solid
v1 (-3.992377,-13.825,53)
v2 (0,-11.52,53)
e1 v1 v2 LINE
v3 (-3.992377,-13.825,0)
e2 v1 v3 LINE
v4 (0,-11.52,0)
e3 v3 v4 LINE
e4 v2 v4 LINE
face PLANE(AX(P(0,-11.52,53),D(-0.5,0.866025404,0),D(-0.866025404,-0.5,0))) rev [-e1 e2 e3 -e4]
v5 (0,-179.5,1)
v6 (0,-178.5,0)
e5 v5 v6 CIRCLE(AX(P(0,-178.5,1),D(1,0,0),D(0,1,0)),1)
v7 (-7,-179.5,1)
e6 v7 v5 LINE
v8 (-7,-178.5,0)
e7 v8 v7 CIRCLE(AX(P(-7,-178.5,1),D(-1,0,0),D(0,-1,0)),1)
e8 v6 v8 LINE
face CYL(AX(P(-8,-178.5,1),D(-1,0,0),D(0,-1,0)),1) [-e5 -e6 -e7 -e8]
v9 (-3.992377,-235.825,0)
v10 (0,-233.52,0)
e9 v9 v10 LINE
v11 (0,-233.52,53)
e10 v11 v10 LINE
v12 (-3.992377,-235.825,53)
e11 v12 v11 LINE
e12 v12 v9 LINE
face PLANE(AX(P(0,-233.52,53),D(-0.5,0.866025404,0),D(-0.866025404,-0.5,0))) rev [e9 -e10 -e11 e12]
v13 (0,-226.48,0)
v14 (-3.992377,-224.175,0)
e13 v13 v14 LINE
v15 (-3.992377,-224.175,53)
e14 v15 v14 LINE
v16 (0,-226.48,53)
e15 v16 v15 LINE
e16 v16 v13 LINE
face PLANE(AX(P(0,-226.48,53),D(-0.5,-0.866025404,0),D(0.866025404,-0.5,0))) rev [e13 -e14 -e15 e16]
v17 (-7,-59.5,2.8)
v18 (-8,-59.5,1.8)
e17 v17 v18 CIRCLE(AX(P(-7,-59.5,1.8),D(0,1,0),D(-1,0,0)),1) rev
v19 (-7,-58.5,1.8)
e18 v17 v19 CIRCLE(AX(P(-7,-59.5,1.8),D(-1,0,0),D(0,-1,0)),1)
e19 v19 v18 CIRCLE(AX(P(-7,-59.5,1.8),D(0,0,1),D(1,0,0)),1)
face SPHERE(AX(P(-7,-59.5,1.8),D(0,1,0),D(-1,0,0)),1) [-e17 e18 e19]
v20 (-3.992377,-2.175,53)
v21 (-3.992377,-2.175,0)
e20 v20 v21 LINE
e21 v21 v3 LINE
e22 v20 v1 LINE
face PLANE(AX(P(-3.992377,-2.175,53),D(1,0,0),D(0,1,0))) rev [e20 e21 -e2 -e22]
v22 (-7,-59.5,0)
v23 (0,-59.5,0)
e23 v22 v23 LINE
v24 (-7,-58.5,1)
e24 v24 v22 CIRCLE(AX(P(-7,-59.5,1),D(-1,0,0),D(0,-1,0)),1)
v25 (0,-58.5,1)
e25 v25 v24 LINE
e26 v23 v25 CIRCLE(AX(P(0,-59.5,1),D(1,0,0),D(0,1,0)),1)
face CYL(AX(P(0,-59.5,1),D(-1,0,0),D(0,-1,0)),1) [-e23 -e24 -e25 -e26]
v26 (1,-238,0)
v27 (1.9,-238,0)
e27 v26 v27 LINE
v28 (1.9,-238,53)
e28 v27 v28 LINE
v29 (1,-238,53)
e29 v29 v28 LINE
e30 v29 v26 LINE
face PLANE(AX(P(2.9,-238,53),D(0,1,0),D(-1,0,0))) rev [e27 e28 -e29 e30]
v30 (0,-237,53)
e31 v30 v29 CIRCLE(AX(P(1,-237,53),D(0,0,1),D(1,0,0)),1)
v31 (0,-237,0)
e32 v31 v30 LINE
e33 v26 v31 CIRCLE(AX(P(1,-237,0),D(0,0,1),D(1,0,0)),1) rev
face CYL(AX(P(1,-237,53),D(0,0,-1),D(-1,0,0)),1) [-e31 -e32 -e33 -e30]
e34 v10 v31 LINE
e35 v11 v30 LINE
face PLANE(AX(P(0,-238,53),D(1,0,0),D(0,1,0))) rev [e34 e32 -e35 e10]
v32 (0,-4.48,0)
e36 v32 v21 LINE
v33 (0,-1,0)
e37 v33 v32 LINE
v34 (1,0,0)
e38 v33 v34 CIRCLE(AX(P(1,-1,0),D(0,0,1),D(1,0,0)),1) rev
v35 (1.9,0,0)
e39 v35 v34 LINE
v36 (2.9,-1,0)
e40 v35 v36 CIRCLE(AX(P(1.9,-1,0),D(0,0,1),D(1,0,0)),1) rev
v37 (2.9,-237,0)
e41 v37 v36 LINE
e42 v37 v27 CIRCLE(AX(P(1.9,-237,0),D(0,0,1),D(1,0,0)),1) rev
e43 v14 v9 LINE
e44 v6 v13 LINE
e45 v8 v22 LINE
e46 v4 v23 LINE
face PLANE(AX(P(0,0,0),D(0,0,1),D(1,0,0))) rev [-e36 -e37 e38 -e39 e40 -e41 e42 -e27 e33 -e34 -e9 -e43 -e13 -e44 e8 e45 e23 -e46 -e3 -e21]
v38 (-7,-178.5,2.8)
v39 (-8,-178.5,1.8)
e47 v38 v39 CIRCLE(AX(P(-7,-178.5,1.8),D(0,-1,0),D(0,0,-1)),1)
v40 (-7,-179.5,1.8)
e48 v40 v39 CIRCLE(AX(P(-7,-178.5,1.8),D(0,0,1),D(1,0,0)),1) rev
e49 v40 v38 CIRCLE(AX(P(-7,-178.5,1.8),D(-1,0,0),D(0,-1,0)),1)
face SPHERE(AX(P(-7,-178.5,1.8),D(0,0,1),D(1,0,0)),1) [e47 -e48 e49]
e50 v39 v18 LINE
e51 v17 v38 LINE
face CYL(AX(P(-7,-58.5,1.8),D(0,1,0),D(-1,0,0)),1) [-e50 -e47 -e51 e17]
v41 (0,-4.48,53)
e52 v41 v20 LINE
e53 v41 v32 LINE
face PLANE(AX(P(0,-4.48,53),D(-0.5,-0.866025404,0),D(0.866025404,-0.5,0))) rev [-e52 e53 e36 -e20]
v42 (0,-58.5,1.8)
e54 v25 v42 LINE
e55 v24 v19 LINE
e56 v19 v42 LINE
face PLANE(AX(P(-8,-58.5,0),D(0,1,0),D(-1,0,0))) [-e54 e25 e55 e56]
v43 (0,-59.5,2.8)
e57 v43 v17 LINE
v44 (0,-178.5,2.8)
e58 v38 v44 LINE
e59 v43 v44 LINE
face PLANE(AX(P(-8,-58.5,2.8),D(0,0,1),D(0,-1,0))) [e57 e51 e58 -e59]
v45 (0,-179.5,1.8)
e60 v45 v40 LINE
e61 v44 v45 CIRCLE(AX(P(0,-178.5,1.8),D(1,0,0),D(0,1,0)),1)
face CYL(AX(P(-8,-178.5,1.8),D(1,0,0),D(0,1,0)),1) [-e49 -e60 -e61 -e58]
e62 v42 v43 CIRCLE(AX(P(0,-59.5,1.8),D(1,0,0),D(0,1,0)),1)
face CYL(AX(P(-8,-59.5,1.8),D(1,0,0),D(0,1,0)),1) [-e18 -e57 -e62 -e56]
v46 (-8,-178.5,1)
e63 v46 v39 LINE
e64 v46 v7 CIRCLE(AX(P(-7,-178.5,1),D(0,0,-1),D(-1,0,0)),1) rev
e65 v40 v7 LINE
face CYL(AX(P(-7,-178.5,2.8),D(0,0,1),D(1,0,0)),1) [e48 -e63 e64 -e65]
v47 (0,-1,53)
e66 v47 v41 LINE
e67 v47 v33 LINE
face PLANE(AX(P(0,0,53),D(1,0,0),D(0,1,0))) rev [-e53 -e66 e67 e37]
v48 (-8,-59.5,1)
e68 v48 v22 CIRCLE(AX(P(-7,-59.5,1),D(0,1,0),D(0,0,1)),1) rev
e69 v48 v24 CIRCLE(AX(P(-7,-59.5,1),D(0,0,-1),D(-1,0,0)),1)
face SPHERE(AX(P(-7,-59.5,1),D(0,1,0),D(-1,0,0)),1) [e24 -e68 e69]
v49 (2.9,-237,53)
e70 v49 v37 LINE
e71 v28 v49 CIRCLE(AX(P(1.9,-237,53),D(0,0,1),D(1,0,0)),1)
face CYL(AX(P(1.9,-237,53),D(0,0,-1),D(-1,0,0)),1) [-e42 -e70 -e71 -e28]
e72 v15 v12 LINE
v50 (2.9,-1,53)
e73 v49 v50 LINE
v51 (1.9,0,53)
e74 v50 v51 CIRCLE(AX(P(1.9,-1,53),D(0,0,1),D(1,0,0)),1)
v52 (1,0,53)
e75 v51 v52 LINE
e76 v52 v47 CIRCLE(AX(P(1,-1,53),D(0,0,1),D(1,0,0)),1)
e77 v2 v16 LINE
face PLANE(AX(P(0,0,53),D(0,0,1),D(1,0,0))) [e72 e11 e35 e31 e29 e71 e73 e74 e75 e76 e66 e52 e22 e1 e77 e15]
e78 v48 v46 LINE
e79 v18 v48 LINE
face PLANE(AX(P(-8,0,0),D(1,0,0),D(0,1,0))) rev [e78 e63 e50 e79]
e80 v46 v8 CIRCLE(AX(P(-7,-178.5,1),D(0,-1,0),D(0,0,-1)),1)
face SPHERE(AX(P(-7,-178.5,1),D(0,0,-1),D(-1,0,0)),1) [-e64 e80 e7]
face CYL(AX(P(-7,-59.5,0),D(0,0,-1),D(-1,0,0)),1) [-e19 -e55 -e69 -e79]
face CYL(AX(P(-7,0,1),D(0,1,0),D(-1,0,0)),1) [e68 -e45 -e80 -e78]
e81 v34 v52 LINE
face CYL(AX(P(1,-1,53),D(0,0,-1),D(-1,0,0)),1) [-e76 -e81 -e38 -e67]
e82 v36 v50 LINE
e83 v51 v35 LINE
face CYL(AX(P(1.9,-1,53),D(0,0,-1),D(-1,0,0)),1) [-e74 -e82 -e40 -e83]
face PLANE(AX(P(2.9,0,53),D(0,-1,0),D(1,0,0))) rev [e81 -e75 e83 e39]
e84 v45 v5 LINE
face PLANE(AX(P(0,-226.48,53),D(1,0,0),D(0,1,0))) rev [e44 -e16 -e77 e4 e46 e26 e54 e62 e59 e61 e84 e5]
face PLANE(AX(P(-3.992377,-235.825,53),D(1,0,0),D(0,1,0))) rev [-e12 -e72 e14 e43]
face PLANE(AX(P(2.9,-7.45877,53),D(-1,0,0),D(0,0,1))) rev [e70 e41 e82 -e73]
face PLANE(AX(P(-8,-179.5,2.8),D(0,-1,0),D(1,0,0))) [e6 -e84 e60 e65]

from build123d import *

# Parameters (mm, degrees)
BOSS_EXTRUDE1_DEPTH = 53
BOSS_EXTRUDE2_DEPTH = 8
FILLET2_R           = 1
FILLET3_R           = 1


with BuildPart() as part:
    # Sketch2 → Boss-Extrude1 (new body)
    with BuildSketch(Plane.XY):
        Polygon((0, 0), (0, -4.48), (-3.992377111, -2.175), (-3.992377111, -13.825), (0, -11.52), (0, -19), (0, -219), (0, -226.48), (-3.992377111, -224.175), (-3.992377111, -235.825), (0, -233.52), (0, -238), (2.9, -238), (2.9, -230.541230437), (2.9, -7.458769563), (2.9, 0), align=None)
    extrude(amount=BOSS_EXTRUDE1_DEPTH)

    # Sketch3 → Boss-Extrude2 (add)
    with BuildSketch(Plane(origin=(0, 0, 0), x_dir=(0, 0, -1), z_dir=(1, 0, 0))):
        Polygon((0, -119), (0, -58.5), (-2.8, -58.5), (-2.8, -179.5), (0, -179.5), align=None)
    extrude(amount=-BOSS_EXTRUDE2_DEPTH)

    # Fillet2
    fillet2_edges = [part.edges().sort_by_distance(p)[0] for p in [
        (2.9, 0, 26.5),
        (2.9, -238, 26.5),
        (0, -238, 26.5),
        (0, 0, 26.5),
    ]]
    fillet(fillet2_edges, radius=FILLET2_R)

    # Fillet3
    fillet3_edges = [part.edges().sort_by_distance(p)[0] for p in [
        (-8, -179.5, 1.4),
        (-4, -179.5, 0),
        (-8, -119, 2.8),
        (-4, -179.5, 2.8),
        (-8, -58.5, 1.4),
        (-4, -58.5, 2.8),
        (-8, -119, 0),
        (-4, -58.5, 0),
    ]]
    fillet(fillet3_edges, radius=FILLET3_R)


solid = part.part
